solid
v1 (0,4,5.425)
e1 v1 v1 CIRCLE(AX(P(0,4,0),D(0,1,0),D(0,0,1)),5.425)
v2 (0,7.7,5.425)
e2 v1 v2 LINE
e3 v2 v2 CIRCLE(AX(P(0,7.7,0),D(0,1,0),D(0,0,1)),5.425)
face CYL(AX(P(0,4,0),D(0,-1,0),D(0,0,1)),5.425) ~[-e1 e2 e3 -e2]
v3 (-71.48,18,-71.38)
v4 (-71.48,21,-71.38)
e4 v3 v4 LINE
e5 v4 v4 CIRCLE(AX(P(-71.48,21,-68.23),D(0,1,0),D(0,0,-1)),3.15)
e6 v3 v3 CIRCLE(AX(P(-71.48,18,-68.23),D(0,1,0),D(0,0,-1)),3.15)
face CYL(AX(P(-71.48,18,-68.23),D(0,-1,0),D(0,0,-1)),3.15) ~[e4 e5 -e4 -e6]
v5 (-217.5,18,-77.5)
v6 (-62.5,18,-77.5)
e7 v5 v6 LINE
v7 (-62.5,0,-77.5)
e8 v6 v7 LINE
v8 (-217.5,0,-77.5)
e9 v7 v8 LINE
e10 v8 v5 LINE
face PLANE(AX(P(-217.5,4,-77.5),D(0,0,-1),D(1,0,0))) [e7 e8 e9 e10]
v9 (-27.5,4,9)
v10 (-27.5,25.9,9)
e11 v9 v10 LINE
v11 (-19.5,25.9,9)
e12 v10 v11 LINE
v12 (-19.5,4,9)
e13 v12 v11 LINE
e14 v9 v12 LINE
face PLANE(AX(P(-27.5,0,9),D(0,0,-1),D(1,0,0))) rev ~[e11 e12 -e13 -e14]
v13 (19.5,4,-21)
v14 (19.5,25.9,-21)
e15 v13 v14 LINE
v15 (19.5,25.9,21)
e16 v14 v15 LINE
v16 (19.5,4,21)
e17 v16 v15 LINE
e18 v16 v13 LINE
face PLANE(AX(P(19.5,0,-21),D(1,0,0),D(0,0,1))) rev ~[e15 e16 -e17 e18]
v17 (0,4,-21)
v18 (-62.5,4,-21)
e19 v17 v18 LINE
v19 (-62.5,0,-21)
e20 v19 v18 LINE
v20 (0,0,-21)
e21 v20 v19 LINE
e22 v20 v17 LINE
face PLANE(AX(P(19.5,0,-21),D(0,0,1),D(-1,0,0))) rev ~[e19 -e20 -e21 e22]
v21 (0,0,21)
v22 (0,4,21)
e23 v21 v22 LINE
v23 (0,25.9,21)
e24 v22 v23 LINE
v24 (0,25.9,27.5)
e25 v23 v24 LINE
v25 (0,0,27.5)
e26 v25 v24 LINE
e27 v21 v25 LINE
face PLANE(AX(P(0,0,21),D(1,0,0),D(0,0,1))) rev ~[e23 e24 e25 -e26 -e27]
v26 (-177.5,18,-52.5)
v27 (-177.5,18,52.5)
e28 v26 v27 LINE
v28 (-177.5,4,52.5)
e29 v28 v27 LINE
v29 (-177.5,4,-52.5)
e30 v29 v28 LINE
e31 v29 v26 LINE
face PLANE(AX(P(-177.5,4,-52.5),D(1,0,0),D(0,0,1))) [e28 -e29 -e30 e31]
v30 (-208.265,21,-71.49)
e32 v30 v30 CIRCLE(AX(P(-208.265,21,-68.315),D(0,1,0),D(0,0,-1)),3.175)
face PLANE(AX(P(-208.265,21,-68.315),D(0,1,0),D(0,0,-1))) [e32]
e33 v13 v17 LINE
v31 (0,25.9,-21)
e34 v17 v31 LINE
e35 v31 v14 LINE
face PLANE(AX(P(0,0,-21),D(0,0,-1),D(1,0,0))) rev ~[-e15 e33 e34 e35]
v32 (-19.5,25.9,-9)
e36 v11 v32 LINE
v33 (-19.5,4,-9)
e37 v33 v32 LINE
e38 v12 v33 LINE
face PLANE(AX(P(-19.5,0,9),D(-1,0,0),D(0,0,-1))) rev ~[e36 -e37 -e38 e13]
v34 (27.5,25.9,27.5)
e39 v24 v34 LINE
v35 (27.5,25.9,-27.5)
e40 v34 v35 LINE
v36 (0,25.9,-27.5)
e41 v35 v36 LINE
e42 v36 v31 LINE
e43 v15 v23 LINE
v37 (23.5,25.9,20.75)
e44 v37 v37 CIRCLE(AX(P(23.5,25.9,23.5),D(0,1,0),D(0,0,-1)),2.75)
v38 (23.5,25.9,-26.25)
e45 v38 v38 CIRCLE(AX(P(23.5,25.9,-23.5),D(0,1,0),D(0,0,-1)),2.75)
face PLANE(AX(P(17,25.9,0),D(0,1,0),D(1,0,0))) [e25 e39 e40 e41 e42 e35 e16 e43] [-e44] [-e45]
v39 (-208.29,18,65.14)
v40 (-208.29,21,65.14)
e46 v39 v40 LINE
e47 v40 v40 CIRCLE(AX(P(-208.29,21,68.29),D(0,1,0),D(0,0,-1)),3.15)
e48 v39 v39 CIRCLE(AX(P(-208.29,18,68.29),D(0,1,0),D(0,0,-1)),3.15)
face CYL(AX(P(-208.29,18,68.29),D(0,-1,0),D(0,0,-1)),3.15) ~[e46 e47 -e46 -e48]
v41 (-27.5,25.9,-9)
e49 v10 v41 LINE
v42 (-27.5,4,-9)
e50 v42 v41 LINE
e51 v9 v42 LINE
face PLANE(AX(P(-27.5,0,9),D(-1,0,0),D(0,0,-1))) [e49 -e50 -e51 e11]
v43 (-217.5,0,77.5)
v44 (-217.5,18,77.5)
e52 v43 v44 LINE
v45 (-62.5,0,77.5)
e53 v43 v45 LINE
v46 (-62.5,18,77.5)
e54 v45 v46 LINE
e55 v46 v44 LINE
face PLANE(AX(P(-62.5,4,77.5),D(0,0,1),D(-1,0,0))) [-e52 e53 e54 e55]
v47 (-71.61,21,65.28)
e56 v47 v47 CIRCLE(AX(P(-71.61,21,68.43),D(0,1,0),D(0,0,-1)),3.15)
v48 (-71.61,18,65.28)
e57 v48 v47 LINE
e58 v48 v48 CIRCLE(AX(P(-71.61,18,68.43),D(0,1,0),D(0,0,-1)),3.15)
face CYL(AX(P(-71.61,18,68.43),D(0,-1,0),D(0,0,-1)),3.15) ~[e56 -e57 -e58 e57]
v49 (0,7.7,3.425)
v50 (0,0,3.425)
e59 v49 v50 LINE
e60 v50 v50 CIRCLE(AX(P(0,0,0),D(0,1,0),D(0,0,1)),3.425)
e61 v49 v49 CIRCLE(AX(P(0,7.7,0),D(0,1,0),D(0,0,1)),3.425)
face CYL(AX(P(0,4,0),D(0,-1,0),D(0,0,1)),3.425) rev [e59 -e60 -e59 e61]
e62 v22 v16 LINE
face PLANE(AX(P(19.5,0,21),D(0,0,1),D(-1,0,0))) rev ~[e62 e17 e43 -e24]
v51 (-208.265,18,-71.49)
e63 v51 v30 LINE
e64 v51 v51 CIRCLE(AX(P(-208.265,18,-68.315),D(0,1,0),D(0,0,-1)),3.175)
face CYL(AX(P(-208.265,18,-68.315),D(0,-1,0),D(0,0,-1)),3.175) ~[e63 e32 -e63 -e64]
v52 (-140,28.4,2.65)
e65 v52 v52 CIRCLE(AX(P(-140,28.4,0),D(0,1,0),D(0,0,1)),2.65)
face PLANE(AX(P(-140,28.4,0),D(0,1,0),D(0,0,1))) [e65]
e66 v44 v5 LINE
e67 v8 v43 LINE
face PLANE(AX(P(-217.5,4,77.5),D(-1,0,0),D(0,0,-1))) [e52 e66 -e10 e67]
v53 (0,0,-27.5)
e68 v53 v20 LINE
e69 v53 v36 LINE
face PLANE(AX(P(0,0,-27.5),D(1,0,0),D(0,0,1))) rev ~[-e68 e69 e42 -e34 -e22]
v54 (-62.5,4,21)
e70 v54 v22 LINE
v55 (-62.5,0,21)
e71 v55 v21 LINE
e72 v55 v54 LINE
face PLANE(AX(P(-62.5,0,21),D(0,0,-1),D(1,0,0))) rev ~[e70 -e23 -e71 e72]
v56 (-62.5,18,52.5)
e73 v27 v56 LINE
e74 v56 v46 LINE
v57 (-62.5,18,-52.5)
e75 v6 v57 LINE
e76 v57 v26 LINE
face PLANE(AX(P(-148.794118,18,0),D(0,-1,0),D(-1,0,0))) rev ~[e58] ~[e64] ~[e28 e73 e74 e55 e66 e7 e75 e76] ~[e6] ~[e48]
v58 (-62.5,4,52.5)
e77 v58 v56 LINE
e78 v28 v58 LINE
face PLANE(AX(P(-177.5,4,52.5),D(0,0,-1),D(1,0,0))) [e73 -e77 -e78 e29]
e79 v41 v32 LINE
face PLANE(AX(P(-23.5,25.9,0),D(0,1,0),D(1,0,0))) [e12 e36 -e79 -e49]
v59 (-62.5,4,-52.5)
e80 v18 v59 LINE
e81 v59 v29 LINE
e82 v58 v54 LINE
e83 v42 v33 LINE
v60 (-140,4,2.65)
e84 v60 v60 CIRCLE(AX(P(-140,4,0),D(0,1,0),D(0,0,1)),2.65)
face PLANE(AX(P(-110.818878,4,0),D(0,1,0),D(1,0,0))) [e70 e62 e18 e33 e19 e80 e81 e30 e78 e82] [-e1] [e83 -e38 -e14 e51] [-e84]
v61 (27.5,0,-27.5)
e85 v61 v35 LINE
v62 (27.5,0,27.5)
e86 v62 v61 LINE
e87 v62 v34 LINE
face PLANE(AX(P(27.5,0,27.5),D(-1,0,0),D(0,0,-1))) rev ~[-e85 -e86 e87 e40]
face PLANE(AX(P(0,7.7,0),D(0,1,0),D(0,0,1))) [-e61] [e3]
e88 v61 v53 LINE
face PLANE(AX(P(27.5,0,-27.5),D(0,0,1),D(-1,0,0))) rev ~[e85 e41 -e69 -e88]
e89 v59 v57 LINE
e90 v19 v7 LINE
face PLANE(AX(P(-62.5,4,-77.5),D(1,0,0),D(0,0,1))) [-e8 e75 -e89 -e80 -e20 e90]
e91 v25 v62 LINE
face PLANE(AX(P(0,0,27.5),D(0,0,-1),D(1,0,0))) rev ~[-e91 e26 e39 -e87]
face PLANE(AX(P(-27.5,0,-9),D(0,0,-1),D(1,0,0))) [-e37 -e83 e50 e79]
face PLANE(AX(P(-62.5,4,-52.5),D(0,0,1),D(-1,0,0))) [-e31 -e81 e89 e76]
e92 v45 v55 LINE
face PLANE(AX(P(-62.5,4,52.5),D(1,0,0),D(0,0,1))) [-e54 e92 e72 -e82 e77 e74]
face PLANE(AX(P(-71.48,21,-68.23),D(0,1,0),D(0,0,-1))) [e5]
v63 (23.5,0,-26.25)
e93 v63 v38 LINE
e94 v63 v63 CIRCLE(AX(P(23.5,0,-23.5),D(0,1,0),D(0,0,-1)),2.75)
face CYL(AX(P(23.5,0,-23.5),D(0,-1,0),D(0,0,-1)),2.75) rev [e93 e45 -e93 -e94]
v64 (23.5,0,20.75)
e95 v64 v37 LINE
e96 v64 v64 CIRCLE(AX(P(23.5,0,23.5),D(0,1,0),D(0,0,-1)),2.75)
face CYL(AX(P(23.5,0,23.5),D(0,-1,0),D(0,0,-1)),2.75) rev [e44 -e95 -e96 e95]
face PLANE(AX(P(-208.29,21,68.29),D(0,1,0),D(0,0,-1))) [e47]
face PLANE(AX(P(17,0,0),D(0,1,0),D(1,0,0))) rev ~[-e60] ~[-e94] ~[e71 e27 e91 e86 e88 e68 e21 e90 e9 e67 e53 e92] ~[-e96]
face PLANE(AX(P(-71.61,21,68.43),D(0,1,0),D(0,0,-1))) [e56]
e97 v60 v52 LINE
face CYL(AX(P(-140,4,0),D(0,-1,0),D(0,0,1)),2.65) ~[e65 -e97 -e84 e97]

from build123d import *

# Parameters (mm, degrees)
SKETCH1_W           = 8
SKETCH1_H           = 18
SKETCH1_R           = 3.425
BOSS_EXTRUDE1_DEPTH = 4
SKETCH1_3_R         = 2.75
SKETCH1_3_W         = 8
SKETCH1_3_H         = 18
BOSS_EXTRUDE2_DEPTH = 25.9
SKETCH4_R           = 5.425
SKETCH4_R_2         = 3.425
BOSS_EXTRUDE5_DEPTH = 3.7
BOSS_EXTRUDE6_DEPTH = 14
SKETCH6_R           = 3.15
SKETCH6_R_2         = 3.175
BOSS_EXTRUDE7_DEPTH = 3
SKETCH7_R           = 2.65
BOSS_EXTRUDE8_DEPTH = 24.4


with BuildPart() as part:
    # Sketch1 → Boss-Extrude1 (new body)
    with BuildSketch(Plane(origin=(0, 0, 0), x_dir=(1, 0, 0), z_dir=(0, 1, 0))):
        Polygon((-62.5, -21), (0, -21), (19.5, -21), (19.5, 21), (0, 21), (-62.5, 21), (-62.5, 77.5), (-217.5, 77.5), (-217.5, -77.5), (-62.5, -77.5), align=None)
        with Locations((-23.5, 0)):
            Rectangle(SKETCH1_W, SKETCH1_H, mode=Mode.SUBTRACT)
        Circle(SKETCH1_R, mode=Mode.SUBTRACT)
    extrude(amount=BOSS_EXTRUDE1_DEPTH)

    # Sketch1<3> → Boss-Extrude2 (add)
    # profile 1 of 2: a face of its own
    with BuildSketch(Plane(origin=(0, 0, 0), x_dir=(1, 0, 0), z_dir=(0, 1, 0))):
        Polygon((0, -27.5), (27.5, -27.5), (27.5, 27.5), (0, 27.5), (0, 21), (19.5, 21), (19.5, -21), (0, -21), align=None)
        with Locations((23.5, -23.5)):
            Circle(SKETCH1_3_R, mode=Mode.SUBTRACT)
        with Locations((23.5, 23.5)):
            Circle(SKETCH1_3_R, mode=Mode.SUBTRACT)
    # profile 2 of 2: a face of its own
    with BuildSketch(Plane(origin=(0, 0, 0), x_dir=(1, 0, 0), z_dir=(0, 1, 0))):
        with Locations((-23.5, 0)):
            Rectangle(SKETCH1_3_W, SKETCH1_3_H)
    extrude(amount=BOSS_EXTRUDE2_DEPTH)

    # Sketch4 → Boss-Extrude5 (add)
    with BuildSketch(Plane(origin=(0, 4, 0), x_dir=(1, 0, 0), z_dir=(0, 1, 0))):
        Circle(SKETCH4_R)
        Circle(SKETCH4_R_2, mode=Mode.SUBTRACT)
    extrude(amount=BOSS_EXTRUDE5_DEPTH)

    # Sketch5 → Boss-Extrude6 (add)
    with BuildSketch(Plane(origin=(0, 4, 0), x_dir=(1, 0, 0), z_dir=(0, 1, 0))):
        Polygon((-217.5, 77.5), (-62.5, 77.5), (-62.5, 52.5), (-177.5, 52.5), (-177.5, -52.5), (-62.5, -52.5), (-62.5, -77.5), (-217.5, -77.5), align=None)
    extrude(amount=BOSS_EXTRUDE6_DEPTH)

    # Sketch6 → Boss-Extrude7 (add)
    with BuildSketch(Plane(origin=(0, 18, 0), x_dir=(1, 0, 0), z_dir=(0, 1, 0))):
        with Locations((-71.48, 68.23)):
            Circle(SKETCH6_R)
        with Locations((-71.61, -68.43)):
            Circle(SKETCH6_R)
        with Locations((-208.29, -68.29)):
            Circle(SKETCH6_R)
        with Locations((-208.265, 68.315)):
            Circle(SKETCH6_R_2)
    extrude(amount=BOSS_EXTRUDE7_DEPTH)

    # Sketch7 → Boss-Extrude8 (add)
    with BuildSketch(Plane(origin=(0, 4, 0), x_dir=(1, 0, 0), z_dir=(0, 1, 0))):
        with Locations((-140, 0)):
            Circle(SKETCH7_R)
    extrude(amount=BOSS_EXTRUDE8_DEPTH)


solid = part.part
